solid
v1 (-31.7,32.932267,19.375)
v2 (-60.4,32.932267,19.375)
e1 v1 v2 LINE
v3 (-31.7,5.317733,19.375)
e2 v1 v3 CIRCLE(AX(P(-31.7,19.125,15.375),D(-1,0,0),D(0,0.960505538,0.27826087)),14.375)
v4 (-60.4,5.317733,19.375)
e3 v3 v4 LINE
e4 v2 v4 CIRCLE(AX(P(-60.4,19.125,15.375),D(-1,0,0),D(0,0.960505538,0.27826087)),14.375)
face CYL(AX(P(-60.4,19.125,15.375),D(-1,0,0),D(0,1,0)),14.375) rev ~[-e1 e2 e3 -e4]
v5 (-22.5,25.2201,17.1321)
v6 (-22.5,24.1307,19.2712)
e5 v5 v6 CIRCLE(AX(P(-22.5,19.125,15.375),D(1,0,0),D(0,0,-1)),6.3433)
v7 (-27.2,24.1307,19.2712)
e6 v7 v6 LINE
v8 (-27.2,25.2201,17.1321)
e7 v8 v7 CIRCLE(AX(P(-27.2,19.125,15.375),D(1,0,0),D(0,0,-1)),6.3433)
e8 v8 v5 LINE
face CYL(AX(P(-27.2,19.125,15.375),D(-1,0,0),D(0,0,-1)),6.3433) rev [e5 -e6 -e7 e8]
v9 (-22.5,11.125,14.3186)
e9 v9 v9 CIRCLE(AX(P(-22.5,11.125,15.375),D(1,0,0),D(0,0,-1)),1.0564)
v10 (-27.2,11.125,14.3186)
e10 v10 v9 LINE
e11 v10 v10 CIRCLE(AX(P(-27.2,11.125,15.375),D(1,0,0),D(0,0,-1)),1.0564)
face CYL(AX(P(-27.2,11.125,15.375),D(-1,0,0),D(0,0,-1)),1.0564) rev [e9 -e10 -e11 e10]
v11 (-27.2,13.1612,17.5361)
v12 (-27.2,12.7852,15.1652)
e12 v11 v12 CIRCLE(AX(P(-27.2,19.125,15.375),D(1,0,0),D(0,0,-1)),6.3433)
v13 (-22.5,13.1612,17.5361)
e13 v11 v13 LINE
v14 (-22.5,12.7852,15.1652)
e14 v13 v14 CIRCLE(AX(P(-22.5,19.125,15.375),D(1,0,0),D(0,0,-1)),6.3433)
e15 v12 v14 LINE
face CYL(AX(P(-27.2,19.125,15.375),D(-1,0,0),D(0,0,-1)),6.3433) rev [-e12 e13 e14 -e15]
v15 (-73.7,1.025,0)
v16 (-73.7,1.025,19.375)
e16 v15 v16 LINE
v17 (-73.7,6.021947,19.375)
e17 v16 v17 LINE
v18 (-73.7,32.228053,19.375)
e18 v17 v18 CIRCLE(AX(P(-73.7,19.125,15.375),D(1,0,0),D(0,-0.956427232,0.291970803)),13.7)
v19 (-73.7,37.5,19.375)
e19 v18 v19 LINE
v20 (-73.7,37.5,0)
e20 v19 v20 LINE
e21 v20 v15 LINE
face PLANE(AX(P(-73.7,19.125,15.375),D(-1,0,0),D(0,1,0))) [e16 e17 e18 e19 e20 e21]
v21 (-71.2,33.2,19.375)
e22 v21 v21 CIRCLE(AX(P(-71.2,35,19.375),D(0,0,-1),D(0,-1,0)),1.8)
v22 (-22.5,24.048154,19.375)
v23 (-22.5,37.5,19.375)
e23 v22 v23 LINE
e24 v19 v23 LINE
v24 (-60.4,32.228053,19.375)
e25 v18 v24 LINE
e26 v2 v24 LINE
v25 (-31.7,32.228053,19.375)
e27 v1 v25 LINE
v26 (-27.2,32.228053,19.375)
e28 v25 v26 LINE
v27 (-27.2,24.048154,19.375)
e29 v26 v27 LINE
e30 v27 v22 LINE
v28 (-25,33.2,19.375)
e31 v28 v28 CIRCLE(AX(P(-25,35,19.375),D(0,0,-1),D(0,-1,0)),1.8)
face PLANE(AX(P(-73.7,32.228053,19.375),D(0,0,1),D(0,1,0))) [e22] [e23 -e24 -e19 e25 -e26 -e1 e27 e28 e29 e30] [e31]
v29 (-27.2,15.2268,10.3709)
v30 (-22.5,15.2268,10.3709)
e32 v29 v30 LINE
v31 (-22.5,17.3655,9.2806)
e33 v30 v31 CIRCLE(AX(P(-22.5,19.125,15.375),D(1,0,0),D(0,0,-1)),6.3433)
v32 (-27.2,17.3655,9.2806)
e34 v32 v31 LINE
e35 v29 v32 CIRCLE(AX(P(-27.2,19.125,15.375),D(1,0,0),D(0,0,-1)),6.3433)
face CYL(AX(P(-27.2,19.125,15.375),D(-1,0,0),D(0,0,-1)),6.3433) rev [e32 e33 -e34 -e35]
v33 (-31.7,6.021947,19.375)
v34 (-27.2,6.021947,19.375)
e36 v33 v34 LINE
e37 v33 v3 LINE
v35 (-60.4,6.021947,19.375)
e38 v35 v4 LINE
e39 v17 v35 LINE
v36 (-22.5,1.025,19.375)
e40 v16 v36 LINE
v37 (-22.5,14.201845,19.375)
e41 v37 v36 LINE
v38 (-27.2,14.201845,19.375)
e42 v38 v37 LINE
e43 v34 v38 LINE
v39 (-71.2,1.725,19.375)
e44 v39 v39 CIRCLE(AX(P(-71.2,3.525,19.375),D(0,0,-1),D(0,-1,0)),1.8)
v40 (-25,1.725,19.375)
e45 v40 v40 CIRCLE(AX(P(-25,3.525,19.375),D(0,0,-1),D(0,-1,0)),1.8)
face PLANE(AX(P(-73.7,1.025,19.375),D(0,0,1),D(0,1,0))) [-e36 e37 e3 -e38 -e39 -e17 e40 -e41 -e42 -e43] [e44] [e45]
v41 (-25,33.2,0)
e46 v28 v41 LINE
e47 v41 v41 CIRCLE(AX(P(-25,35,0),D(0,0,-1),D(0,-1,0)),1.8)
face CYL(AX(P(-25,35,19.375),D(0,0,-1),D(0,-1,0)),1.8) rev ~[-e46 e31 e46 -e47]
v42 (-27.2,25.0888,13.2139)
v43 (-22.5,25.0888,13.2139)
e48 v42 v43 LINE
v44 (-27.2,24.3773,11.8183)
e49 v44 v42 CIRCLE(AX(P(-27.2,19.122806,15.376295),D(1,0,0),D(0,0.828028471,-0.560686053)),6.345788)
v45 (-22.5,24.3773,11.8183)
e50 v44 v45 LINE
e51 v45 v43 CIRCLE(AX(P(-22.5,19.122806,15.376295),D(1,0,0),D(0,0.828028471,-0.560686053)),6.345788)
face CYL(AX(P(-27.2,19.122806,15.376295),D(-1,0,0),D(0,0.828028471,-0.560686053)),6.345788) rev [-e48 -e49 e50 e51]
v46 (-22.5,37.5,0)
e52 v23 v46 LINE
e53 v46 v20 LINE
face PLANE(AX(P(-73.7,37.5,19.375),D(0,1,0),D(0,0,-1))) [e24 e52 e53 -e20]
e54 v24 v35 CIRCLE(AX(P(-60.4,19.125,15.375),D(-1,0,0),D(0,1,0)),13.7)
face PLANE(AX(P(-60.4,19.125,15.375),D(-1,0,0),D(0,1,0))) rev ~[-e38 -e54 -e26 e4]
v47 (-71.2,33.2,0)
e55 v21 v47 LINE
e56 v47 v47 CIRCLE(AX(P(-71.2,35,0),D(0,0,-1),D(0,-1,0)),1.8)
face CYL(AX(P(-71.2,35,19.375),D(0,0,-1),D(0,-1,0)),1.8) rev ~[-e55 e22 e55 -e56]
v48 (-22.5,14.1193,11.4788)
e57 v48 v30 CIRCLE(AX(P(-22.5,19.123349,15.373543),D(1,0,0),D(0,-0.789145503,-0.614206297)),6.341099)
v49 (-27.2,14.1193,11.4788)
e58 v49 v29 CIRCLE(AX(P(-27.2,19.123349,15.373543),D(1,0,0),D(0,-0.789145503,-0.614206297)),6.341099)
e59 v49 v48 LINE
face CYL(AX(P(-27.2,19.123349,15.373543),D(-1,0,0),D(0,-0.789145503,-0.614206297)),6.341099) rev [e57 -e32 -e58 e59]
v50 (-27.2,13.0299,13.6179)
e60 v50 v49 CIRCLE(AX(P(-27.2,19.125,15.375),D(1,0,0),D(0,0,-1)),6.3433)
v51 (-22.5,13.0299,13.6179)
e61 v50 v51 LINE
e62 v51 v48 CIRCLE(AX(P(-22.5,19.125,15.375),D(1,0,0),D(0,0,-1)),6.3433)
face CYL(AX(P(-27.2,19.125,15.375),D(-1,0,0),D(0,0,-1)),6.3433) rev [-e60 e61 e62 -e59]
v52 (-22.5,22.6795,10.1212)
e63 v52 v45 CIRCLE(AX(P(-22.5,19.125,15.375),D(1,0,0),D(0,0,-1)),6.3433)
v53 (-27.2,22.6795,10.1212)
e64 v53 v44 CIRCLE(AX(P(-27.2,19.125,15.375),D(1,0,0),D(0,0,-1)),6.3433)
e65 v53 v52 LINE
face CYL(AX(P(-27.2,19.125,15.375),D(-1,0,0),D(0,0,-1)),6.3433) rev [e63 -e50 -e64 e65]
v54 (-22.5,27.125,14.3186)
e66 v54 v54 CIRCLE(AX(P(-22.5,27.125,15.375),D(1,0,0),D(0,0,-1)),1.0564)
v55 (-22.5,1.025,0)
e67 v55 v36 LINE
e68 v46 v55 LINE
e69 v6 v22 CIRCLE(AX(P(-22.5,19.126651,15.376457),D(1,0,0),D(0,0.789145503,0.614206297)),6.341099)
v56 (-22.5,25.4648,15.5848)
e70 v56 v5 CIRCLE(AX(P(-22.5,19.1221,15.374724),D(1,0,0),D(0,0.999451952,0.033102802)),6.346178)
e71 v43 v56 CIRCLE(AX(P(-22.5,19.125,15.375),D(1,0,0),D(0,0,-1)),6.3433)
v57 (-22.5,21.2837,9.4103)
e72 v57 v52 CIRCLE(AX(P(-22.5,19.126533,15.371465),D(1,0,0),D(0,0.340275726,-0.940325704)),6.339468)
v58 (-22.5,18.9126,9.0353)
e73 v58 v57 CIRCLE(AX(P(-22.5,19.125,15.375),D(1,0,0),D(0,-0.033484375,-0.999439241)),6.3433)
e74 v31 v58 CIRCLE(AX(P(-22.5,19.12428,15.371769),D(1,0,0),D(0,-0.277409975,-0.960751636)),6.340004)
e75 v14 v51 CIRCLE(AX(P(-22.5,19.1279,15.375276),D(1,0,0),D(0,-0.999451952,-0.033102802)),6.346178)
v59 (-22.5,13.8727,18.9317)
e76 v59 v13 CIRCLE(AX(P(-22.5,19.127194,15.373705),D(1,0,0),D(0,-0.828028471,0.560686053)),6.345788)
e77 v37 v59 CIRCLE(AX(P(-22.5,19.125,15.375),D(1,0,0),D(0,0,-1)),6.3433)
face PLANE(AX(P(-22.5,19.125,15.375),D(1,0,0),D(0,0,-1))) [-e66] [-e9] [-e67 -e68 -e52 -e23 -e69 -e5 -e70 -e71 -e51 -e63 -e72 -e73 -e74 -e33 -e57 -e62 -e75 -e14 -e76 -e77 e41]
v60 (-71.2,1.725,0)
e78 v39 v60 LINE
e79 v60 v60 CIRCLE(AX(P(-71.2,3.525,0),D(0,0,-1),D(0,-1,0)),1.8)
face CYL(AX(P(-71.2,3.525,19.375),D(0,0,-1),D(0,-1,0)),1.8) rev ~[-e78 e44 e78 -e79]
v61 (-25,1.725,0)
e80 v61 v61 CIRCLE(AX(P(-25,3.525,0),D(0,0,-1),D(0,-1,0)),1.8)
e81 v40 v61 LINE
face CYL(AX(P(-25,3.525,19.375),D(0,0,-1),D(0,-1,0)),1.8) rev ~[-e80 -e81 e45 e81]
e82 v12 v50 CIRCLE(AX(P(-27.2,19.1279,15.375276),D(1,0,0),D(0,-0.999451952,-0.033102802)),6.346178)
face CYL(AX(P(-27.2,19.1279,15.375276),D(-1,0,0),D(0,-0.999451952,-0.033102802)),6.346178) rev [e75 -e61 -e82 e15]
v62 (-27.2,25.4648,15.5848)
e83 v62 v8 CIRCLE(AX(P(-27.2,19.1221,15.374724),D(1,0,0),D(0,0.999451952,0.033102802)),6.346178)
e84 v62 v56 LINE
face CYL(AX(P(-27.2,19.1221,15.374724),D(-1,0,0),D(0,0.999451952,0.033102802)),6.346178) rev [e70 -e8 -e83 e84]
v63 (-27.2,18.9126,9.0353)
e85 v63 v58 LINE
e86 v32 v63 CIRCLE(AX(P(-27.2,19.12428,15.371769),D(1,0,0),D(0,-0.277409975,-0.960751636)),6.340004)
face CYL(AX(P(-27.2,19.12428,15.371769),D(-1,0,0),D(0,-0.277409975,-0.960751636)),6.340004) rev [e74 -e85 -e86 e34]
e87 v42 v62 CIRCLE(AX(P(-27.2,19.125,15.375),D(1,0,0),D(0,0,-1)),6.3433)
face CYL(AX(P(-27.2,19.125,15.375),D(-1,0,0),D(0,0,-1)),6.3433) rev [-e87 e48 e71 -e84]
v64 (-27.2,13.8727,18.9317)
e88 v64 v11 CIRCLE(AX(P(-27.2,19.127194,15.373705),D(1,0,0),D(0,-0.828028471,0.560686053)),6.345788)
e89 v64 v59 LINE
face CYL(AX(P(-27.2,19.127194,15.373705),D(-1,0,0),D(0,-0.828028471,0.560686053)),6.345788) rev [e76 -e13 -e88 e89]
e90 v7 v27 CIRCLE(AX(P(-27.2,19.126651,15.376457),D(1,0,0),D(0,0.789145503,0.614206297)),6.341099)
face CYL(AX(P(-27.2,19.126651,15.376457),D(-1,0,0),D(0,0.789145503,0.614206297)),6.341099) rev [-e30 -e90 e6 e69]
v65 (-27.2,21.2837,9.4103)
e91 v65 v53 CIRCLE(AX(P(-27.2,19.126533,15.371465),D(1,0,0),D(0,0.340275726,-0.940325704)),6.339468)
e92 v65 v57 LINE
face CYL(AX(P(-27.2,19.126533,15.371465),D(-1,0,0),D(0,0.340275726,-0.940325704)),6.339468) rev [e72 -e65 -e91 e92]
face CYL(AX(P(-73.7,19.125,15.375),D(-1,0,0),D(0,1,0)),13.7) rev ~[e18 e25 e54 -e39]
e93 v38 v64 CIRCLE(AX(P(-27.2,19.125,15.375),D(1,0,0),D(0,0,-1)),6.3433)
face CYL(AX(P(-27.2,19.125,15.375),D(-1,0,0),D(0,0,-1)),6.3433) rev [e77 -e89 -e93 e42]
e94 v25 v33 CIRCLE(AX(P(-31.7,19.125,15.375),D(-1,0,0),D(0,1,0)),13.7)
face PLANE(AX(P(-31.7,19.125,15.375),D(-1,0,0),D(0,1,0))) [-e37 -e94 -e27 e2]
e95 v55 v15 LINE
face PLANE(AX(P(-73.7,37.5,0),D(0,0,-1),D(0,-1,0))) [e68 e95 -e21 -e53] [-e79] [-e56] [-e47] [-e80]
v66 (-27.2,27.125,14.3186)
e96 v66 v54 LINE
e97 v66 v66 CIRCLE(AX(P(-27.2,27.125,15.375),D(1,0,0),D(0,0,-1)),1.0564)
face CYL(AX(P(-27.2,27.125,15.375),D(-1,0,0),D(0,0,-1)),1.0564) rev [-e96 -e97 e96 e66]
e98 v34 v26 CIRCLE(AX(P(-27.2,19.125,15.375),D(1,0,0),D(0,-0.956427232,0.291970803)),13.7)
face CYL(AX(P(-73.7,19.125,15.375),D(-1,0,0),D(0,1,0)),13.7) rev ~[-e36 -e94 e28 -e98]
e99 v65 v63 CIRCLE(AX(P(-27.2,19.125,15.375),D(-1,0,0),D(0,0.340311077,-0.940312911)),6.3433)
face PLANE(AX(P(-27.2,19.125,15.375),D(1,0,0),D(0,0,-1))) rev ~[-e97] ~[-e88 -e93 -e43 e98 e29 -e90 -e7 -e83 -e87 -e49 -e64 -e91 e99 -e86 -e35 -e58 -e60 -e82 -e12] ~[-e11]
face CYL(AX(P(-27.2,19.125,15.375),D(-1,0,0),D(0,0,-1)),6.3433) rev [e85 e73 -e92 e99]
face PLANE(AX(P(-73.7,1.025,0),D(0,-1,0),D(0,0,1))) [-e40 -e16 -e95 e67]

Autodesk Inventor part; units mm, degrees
ref_plane "YZ Plane" through (0, 0, 0) normal (1, 0, 0) x (0, 1, 0)
ref_plane "Work Plane1" through (-73.7, 19.125, 15.375) normal (-1, 0, 0) x (0, 1, 0)
sketch "Sketch1" plane through (-73.7, 19.125, 15.375) normal (-1, 0, 0) x (0, 1, 0)
  line L0 (18.375, 18.375) -> (-92.625, 18.375) projected
  line L1 (-92.625, 18.375) -> (-92.625, 15.375) projected
  line L2 (18.375, 15.375) -> (-92.625, 15.375) projected
  line L3 (18.375, 18.375) -> (18.375, 15.375) projected
  line L4 (11, 1.5) -> (11.5, 1.5) projected
  line L5 (11.5, 1.5) -> (11.5, -1.5) projected
  line L6 (11.5, -1.5) -> (11, -1.5) projected
  line L7 (11, -1.5) -> (11, 1.5) projected
  line L8 (-11.5, -1.5) -> (-12, -1.5) projected
  line L9 (-12, -1.5) -> (-12, 1.5) projected
  line L10 (-12, 1.5) -> (-11.5, 1.5) projected
  line L11 (-11.5, 1.5) -> (-11.5, -1.5) projected
  circle A0 centre (0, 0) radius 5 projected
  circle A1 centre (0, 0) radius 13.7 projected
  line L12 (18.375, 15.375) -> (-18.1, 15.375)
  line L13 (-18.1, 15.375) -> (-18.1, -4)
  line L14 (-18.1, -4) -> (18.375, -4)
  line L15 (18.375, -4) -> (18.375, 15.375)
  point P0 (-19.125, 15.375)
  point P1 (-13.7, 0)
  point P2 (13.7, 0)
  point P3 (-18.1, 15.375)
  point P4 (-13.1031, -4)
  point P5 (13.1031, -4)
  dimension "d0" = 4
  dimension "d2" = 15.375
  dimension "d3" = 15.375
  dimension "d4" = 4.675
  dimension "d5" = 4.4
ref_plane "Work Plane2" through (-27.2, 5.425, 1.675) normal (1, 0, 0) x (0, 1, 0)
extrude "Extrusion1" add sketch "Sketch1" against normal up to surface (46.5 mm away) contours L15 L14 A1 L13 L2
sketch "Sketch2" plane through (-27.2, 19.125, 15.375) normal (1, 0, 0) x (0, 0, -1)
  circle A0 centre (0, -8) radius 1.0564 projected
  circle A1 centre (0, 8) radius 1.0564 projected
  circle A2 centre (0, 0) radius 5 projected
  circle A3 centre (0, 0) radius 13.7 projected
  line L0 (18.375, 18.375) -> (18.375, -91.625) projected
  arc A4 (1.3629, -5.6821) -> (1.478, -3.5703) centre (-3.2424, -4.3721) ccw projected
  arc A5 (1.478, -3.5703) -> (2.0183, -3.2951) centre (0, 0) ccw projected
  arc A6 (2.0183, -3.2951) -> (3.794, -4.444) centre (5.443, 0.0511) ccw projected
  arc A7 (3.794, -4.444) -> (4.4425, -3.7958) centre (0, 0) ccw projected
  arc A8 (4.4425, -3.7958) -> (3.2943, -2.0197) centre (-0.0533, -5.443) ccw projected
  arc A9 (3.2943, -2.0197) -> (3.5697, -1.4795) centre (0, 0) ccw projected
  arc A10 (3.5697, -1.4795) -> (5.6815, -1.3652) centre (4.3734, 3.2407) ccw projected
  arc A11 (5.6815, -1.3652) -> (5.8252, -0.4596) centre (0, 0) ccw projected
  arc A12 (5.8252, -0.4596) -> (3.8523, 0.3024) centre (3.1561, -4.4348) ccw projected
  arc A13 (3.8523, 0.3024) -> (3.7575, 0.9013) centre (0, 0) ccw projected
  arc A14 (3.7575, 0.9013) -> (5.3989, 2.235) centre (1.6334, 5.1924) ccw projected
  arc A15 (5.3989, 2.235) -> (4.9828, 3.0521) centre (0, 0) ccw projected
  arc A16 (4.9828, 3.0521) -> (2.9388, 2.5089) centre (5.1601, -1.7327) ccw projected
  arc A17 (2.9388, 2.5089) -> (2.5101, 2.9378) centre (0, 0) ccw projected
  arc A18 (2.5101, 2.9378) -> (3.0541, 4.9816) centre (-1.7306, 5.1608) ccw projected
  arc A19 (3.0541, 4.9816) -> (2.2372, 5.398) centre (0, 0) ccw projected
  arc A20 (2.2372, 5.398) -> (0.9028, 3.7572) centre (5.193, 1.6313) ccw projected
  arc A21 (0.9028, 3.7572) -> (0.304, 3.8521) centre (0, 0) ccw projected
  arc A22 (0.304, 3.8521) -> (-0.4573, 5.8253) centre (-4.4335, 3.1579) ccw projected
  arc A23 (-0.4573, 5.8253) -> (-1.3629, 5.6821) centre (0, 0) ccw projected
  arc A24 (-1.3629, 5.6821) -> (-1.478, 3.5703) centre (3.2424, 4.3721) ccw projected
  arc A25 (-1.478, 3.5703) -> (-2.0183, 3.2951) centre (0, 0) ccw projected
  arc A26 (-2.0183, 3.2951) -> (-3.794, 4.444) centre (-5.443, -0.0511) ccw projected
  arc A27 (-3.794, 4.444) -> (-4.4425, 3.7958) centre (0, 0) ccw projected
  arc A28 (-4.4425, 3.7958) -> (-3.2943, 2.0197) centre (0.0533, 5.443) ccw projected
  arc A29 (-3.2943, 2.0197) -> (-3.5697, 1.4795) centre (0, 0) ccw projected
  arc A30 (-3.5697, 1.4795) -> (-5.6815, 1.3652) centre (-4.3734, -3.2407) ccw projected
  arc A31 (-5.6815, 1.3652) -> (-5.8252, 0.4596) centre (0, 0) ccw projected
  arc A32 (-5.8252, 0.4596) -> (-3.8523, -0.3024) centre (-3.1561, 4.4348) ccw projected
  arc A33 (-3.8523, -0.3024) -> (-3.7575, -0.9013) centre (0, 0) ccw projected
  arc A34 (-3.7575, -0.9013) -> (-5.3989, -2.235) centre (-1.6334, -5.1924) ccw projected
  arc A35 (-5.3989, -2.235) -> (-4.9828, -3.0521) centre (0, 0) ccw projected
  arc A36 (-4.9828, -3.0521) -> (-2.9388, -2.5089) centre (-5.1601, 1.7327) ccw projected
  arc A37 (-2.9388, -2.5089) -> (-2.5101, -2.9378) centre (0, 0) ccw projected
  arc A38 (-2.5101, -2.9378) -> (-3.0541, -4.9816) centre (1.7306, -5.1608) ccw projected
  arc A39 (-3.0541, -4.9816) -> (-2.2372, -5.398) centre (0, 0) ccw projected
  arc A40 (-2.2372, -5.398) -> (-0.9028, -3.7572) centre (-5.193, -1.6313) ccw projected
  arc A41 (-0.9028, -3.7572) -> (-0.304, -3.8521) centre (0, 0) ccw projected
  arc A42 (-0.304, -3.8521) -> (0.4573, -5.8253) centre (4.4335, -3.1579) ccw projected
  arc A43 (0.4573, -5.8253) -> (1.3629, -5.6821) centre (0, 0) ccw projected
  line L1 (15.375, -18.1) -> (-4, -18.1) projected
  line L2 (15.375, 18.375) -> (15.375, -18.1) projected
  line L3 (-4, 18.375) -> (15.375, 18.375) projected
  line L4 (-4, 13.1031) -> (-4, 18.375) projected
  arc A44 (-4, -13.1031) -> (-4, 13.1031) centre (0, 0) ccw projected
  line L5 (-4, -18.1) -> (-4, -13.1031) projected
  line L6 (-4, -18.1) -> (-4, -13.1031) projected
  line L7 (15.375, 18.375) -> (15.375, -18.1) projected
  line L8 (-4, -18.1) -> (15.375, -18.1)
  line L9 (15.375, -18.1) -> (15.375, 18.375)
  line L10 (15.375, 18.375) -> (-4, 18.375)
  line L11 (-4, 18.375) -> (-4, -18.1)
  circle A45 centre (0, -8) radius 1.0564
  circle A46 centre (0, 8) radius 1.0564
  arc A47 (6.0944, -1.7595) -> (6.3397, -0.2124) centre (0, 0) ccw
  arc A48 (3.9887, -2.0334) -> (6.0944, -1.7595) centre (4.3734, 3.2407) ccw
  arc A49 (5.0041, -3.8982) -> (3.9887, -2.0334) centre (-0.0533, -5.443) ccw
  arc A50 (3.8962, -5.0057) -> (5.0041, -3.8982) centre (0, 0) ccw
  arc A51 (2.0318, -3.9896) -> (3.8962, -5.0057) centre (5.443, 0.0511) ccw
  arc A52 (1.7571, -6.0951) -> (2.0318, -3.9896) centre (-3.2424, -4.3721) ccw
  arc A53 (0.2098, -6.3398) -> (1.7571, -6.0951) centre (0, 0) ccw
  arc A54 (-0.7013, -4.4219) -> (0.2098, -6.3398) centre (4.4335, -3.1579) ccw
  arc A55 (-2.1611, -5.9638) -> (-0.7013, -4.4219) centre (-5.193, -1.6313) ccw
  arc A56 (-3.5567, -5.2523) -> (-2.1611, -5.9638) centre (0, 0) ccw
  arc A57 (-3.1665, -3.1652) -> (-3.5567, -5.2523) centre (1.7306, -5.1608) ccw
  arc A58 (-5.2538, -3.5545) -> (-3.1665, -3.1652) centre (-5.1601, 1.7327) ccw
  arc A59 (-5.9647, -2.1587) -> (-5.2538, -3.5545) centre (0, 0) ccw
  arc A60 (-4.4222, -0.6995) -> (-5.9647, -2.1587) centre (-1.6334, -5.1924) ccw
  arc A61 (-6.3397, 0.2124) -> (-4.4222, -0.6995) centre (-3.1561, 4.4348) ccw
  arc A62 (-6.0944, 1.7595) -> (-6.3397, 0.2124) centre (0, 0) ccw
  arc A63 (-3.9887, 2.0334) -> (-6.0944, 1.7595) centre (-4.3734, -3.2407) ccw
  arc A64 (-5.0041, 3.8982) -> (-3.9887, 2.0334) centre (0.0533, 5.443) ccw
  arc A65 (-3.8962, 5.0057) -> (-5.0041, 3.8982) centre (0, 0) ccw
  arc A66 (-2.0318, 3.9896) -> (-3.8962, 5.0057) centre (-5.443, -0.0511) ccw
  arc A67 (-1.7571, 6.0951) -> (-2.0318, 3.9896) centre (3.2424, 4.3721) ccw
  arc A68 (-0.2098, 6.3398) -> (-1.7571, 6.0951) centre (0, 0) ccw
  arc A69 (0.7013, 4.4219) -> (-0.2098, 6.3398) centre (-4.4335, 3.1579) ccw
  arc A70 (2.1611, 5.9638) -> (0.7013, 4.4219) centre (5.193, 1.6313) ccw
  arc A71 (3.5567, 5.2523) -> (2.1611, 5.9638) centre (0, 0) ccw
  arc A72 (3.1665, 3.1652) -> (3.5567, 5.2523) centre (-1.7306, 5.1608) ccw
  arc A73 (5.2538, 3.5545) -> (3.1665, 3.1652) centre (5.1601, -1.7327) ccw
  arc A74 (5.9647, 2.1587) -> (5.2538, 3.5545) centre (0, 0) ccw
  arc A75 (4.4222, 0.6995) -> (5.9647, 2.1587) centre (1.6334, 5.1924) ccw
  arc A76 (6.3397, -0.2124) -> (4.4222, 0.6995) centre (3.1561, -4.4348) ccw
  circle A77 centre (0, 0) radius 6.3433
  point P0 (15.375, -19.125)
  point P1 (-4, 13.1031)
  point P2 (-4, 4.9231)
  point P3 (-3.8962, 5.0057)
  point P4 (-1.7571, 6.0951)
  point P5 (-0.2098, 6.3398)
  point P6 (2.1611, 5.9638)
  point P7 (3.5567, 5.2523)
  point P8 (5.2538, 3.5545)
  point P9 (5.9647, 2.1587)
  point P10 (6.3397, -0.2124)
  point P11 (5.0041, -3.8982)
  point P12 (3.8962, -5.0057)
  point P13 (1.7571, -6.0951)
  point P14 (0.2098, -6.3398)
  point P15 (-2.1611, -5.9638)
  point P16 (-3.5567, -5.2523)
  point P17 (-4, -4.9231)
  dimension "d8" = 0.5
ref_plane "Work Plane3" through (-22.5, 37.5, -3) normal (-1, 0, 0) x (0, 0, 1)
extrude "Extrusion2" add sketch "Sketch2" along normal up to surface (4.7 mm away) contours A77 A74 A71 A68 A65 L11 A3 A56 A53 A50 A47 | L4 L3 L2 L1 L5 A3
sketch "Sketch3" plane through (-73.7, 32.2281, 19.375) normal (0, 0, 1) x (1, 0, 0)
  line L0 (0, 5.2719) -> (51.2, 5.2719) projected
  line L1 (0, 0) -> (0, 5.2719) projected
  line L2 (0, 0) -> (46.5, 0) projected
  line L3 (46.5, 0) -> (46.5, -8.1799) projected
  line L4 (46.5, -8.1799) -> (51.2, -8.1799) projected
  line L5 (51.2, 5.2719) -> (51.2, -8.1799) projected
  line L6 (0, -26.2061) -> (46.5, -26.2061) projected
  line L7 (0, -31.2031) -> (0, -26.2061) projected
  line L8 (0, -31.2031) -> (51.2, -31.2031) projected
  line L9 (51.2, -18.0262) -> (51.2, -31.2031) projected
  line L10 (46.5, -18.0262) -> (51.2, -18.0262) projected
  line L11 (46.5, -18.0262) -> (46.5, -26.2061) projected
  line L12 (2.5, 2.7719) -> (48.7, 2.7719)
  line L13 (48.7, 2.7719) -> (48.7, -28.7031)
  line L14 (48.7, -28.7031) -> (2.5, -28.7031)
  line L15 (2.5, -28.7031) -> (2.5, 2.7719)
  point P0 (73.7, -32.2281)
  dimension "d11" = 2.5
  dimension "d12" = 2.5
  dimension "d13" = 2.5
  dimension "d14" = 2.5
hole "Hole1" at (-71.2, 3.525, 19.375) at (-71.2, 35, 19.375) at (-25, 35, 19.375) at (-25, 3.525, 19.375) direction (0, 0, -1) diameter 3.6 end through all counterbore diameter 11 counterbore depth 0 clearance for "Hex Head Cap Screw ISO 24017" size "M3" standard "ISO"
ref_plane "Work Plane4" through (-60.4, 19.125, 15.375) normal (-1, 0, 0) x (0, 1, 0)
sketch "Sketch4" plane through (-60.4, 19.125, 15.375) normal (-1, 0, 0) x (0, 1, 0)
  circle A0 centre (0, 0) radius 14.375 projected
  point P0 (-19.125, 15.375)
extrude "Extrusion3" cut sketch "Sketch4" against normal blind 28.7
properties part number "motor_mount_right"
